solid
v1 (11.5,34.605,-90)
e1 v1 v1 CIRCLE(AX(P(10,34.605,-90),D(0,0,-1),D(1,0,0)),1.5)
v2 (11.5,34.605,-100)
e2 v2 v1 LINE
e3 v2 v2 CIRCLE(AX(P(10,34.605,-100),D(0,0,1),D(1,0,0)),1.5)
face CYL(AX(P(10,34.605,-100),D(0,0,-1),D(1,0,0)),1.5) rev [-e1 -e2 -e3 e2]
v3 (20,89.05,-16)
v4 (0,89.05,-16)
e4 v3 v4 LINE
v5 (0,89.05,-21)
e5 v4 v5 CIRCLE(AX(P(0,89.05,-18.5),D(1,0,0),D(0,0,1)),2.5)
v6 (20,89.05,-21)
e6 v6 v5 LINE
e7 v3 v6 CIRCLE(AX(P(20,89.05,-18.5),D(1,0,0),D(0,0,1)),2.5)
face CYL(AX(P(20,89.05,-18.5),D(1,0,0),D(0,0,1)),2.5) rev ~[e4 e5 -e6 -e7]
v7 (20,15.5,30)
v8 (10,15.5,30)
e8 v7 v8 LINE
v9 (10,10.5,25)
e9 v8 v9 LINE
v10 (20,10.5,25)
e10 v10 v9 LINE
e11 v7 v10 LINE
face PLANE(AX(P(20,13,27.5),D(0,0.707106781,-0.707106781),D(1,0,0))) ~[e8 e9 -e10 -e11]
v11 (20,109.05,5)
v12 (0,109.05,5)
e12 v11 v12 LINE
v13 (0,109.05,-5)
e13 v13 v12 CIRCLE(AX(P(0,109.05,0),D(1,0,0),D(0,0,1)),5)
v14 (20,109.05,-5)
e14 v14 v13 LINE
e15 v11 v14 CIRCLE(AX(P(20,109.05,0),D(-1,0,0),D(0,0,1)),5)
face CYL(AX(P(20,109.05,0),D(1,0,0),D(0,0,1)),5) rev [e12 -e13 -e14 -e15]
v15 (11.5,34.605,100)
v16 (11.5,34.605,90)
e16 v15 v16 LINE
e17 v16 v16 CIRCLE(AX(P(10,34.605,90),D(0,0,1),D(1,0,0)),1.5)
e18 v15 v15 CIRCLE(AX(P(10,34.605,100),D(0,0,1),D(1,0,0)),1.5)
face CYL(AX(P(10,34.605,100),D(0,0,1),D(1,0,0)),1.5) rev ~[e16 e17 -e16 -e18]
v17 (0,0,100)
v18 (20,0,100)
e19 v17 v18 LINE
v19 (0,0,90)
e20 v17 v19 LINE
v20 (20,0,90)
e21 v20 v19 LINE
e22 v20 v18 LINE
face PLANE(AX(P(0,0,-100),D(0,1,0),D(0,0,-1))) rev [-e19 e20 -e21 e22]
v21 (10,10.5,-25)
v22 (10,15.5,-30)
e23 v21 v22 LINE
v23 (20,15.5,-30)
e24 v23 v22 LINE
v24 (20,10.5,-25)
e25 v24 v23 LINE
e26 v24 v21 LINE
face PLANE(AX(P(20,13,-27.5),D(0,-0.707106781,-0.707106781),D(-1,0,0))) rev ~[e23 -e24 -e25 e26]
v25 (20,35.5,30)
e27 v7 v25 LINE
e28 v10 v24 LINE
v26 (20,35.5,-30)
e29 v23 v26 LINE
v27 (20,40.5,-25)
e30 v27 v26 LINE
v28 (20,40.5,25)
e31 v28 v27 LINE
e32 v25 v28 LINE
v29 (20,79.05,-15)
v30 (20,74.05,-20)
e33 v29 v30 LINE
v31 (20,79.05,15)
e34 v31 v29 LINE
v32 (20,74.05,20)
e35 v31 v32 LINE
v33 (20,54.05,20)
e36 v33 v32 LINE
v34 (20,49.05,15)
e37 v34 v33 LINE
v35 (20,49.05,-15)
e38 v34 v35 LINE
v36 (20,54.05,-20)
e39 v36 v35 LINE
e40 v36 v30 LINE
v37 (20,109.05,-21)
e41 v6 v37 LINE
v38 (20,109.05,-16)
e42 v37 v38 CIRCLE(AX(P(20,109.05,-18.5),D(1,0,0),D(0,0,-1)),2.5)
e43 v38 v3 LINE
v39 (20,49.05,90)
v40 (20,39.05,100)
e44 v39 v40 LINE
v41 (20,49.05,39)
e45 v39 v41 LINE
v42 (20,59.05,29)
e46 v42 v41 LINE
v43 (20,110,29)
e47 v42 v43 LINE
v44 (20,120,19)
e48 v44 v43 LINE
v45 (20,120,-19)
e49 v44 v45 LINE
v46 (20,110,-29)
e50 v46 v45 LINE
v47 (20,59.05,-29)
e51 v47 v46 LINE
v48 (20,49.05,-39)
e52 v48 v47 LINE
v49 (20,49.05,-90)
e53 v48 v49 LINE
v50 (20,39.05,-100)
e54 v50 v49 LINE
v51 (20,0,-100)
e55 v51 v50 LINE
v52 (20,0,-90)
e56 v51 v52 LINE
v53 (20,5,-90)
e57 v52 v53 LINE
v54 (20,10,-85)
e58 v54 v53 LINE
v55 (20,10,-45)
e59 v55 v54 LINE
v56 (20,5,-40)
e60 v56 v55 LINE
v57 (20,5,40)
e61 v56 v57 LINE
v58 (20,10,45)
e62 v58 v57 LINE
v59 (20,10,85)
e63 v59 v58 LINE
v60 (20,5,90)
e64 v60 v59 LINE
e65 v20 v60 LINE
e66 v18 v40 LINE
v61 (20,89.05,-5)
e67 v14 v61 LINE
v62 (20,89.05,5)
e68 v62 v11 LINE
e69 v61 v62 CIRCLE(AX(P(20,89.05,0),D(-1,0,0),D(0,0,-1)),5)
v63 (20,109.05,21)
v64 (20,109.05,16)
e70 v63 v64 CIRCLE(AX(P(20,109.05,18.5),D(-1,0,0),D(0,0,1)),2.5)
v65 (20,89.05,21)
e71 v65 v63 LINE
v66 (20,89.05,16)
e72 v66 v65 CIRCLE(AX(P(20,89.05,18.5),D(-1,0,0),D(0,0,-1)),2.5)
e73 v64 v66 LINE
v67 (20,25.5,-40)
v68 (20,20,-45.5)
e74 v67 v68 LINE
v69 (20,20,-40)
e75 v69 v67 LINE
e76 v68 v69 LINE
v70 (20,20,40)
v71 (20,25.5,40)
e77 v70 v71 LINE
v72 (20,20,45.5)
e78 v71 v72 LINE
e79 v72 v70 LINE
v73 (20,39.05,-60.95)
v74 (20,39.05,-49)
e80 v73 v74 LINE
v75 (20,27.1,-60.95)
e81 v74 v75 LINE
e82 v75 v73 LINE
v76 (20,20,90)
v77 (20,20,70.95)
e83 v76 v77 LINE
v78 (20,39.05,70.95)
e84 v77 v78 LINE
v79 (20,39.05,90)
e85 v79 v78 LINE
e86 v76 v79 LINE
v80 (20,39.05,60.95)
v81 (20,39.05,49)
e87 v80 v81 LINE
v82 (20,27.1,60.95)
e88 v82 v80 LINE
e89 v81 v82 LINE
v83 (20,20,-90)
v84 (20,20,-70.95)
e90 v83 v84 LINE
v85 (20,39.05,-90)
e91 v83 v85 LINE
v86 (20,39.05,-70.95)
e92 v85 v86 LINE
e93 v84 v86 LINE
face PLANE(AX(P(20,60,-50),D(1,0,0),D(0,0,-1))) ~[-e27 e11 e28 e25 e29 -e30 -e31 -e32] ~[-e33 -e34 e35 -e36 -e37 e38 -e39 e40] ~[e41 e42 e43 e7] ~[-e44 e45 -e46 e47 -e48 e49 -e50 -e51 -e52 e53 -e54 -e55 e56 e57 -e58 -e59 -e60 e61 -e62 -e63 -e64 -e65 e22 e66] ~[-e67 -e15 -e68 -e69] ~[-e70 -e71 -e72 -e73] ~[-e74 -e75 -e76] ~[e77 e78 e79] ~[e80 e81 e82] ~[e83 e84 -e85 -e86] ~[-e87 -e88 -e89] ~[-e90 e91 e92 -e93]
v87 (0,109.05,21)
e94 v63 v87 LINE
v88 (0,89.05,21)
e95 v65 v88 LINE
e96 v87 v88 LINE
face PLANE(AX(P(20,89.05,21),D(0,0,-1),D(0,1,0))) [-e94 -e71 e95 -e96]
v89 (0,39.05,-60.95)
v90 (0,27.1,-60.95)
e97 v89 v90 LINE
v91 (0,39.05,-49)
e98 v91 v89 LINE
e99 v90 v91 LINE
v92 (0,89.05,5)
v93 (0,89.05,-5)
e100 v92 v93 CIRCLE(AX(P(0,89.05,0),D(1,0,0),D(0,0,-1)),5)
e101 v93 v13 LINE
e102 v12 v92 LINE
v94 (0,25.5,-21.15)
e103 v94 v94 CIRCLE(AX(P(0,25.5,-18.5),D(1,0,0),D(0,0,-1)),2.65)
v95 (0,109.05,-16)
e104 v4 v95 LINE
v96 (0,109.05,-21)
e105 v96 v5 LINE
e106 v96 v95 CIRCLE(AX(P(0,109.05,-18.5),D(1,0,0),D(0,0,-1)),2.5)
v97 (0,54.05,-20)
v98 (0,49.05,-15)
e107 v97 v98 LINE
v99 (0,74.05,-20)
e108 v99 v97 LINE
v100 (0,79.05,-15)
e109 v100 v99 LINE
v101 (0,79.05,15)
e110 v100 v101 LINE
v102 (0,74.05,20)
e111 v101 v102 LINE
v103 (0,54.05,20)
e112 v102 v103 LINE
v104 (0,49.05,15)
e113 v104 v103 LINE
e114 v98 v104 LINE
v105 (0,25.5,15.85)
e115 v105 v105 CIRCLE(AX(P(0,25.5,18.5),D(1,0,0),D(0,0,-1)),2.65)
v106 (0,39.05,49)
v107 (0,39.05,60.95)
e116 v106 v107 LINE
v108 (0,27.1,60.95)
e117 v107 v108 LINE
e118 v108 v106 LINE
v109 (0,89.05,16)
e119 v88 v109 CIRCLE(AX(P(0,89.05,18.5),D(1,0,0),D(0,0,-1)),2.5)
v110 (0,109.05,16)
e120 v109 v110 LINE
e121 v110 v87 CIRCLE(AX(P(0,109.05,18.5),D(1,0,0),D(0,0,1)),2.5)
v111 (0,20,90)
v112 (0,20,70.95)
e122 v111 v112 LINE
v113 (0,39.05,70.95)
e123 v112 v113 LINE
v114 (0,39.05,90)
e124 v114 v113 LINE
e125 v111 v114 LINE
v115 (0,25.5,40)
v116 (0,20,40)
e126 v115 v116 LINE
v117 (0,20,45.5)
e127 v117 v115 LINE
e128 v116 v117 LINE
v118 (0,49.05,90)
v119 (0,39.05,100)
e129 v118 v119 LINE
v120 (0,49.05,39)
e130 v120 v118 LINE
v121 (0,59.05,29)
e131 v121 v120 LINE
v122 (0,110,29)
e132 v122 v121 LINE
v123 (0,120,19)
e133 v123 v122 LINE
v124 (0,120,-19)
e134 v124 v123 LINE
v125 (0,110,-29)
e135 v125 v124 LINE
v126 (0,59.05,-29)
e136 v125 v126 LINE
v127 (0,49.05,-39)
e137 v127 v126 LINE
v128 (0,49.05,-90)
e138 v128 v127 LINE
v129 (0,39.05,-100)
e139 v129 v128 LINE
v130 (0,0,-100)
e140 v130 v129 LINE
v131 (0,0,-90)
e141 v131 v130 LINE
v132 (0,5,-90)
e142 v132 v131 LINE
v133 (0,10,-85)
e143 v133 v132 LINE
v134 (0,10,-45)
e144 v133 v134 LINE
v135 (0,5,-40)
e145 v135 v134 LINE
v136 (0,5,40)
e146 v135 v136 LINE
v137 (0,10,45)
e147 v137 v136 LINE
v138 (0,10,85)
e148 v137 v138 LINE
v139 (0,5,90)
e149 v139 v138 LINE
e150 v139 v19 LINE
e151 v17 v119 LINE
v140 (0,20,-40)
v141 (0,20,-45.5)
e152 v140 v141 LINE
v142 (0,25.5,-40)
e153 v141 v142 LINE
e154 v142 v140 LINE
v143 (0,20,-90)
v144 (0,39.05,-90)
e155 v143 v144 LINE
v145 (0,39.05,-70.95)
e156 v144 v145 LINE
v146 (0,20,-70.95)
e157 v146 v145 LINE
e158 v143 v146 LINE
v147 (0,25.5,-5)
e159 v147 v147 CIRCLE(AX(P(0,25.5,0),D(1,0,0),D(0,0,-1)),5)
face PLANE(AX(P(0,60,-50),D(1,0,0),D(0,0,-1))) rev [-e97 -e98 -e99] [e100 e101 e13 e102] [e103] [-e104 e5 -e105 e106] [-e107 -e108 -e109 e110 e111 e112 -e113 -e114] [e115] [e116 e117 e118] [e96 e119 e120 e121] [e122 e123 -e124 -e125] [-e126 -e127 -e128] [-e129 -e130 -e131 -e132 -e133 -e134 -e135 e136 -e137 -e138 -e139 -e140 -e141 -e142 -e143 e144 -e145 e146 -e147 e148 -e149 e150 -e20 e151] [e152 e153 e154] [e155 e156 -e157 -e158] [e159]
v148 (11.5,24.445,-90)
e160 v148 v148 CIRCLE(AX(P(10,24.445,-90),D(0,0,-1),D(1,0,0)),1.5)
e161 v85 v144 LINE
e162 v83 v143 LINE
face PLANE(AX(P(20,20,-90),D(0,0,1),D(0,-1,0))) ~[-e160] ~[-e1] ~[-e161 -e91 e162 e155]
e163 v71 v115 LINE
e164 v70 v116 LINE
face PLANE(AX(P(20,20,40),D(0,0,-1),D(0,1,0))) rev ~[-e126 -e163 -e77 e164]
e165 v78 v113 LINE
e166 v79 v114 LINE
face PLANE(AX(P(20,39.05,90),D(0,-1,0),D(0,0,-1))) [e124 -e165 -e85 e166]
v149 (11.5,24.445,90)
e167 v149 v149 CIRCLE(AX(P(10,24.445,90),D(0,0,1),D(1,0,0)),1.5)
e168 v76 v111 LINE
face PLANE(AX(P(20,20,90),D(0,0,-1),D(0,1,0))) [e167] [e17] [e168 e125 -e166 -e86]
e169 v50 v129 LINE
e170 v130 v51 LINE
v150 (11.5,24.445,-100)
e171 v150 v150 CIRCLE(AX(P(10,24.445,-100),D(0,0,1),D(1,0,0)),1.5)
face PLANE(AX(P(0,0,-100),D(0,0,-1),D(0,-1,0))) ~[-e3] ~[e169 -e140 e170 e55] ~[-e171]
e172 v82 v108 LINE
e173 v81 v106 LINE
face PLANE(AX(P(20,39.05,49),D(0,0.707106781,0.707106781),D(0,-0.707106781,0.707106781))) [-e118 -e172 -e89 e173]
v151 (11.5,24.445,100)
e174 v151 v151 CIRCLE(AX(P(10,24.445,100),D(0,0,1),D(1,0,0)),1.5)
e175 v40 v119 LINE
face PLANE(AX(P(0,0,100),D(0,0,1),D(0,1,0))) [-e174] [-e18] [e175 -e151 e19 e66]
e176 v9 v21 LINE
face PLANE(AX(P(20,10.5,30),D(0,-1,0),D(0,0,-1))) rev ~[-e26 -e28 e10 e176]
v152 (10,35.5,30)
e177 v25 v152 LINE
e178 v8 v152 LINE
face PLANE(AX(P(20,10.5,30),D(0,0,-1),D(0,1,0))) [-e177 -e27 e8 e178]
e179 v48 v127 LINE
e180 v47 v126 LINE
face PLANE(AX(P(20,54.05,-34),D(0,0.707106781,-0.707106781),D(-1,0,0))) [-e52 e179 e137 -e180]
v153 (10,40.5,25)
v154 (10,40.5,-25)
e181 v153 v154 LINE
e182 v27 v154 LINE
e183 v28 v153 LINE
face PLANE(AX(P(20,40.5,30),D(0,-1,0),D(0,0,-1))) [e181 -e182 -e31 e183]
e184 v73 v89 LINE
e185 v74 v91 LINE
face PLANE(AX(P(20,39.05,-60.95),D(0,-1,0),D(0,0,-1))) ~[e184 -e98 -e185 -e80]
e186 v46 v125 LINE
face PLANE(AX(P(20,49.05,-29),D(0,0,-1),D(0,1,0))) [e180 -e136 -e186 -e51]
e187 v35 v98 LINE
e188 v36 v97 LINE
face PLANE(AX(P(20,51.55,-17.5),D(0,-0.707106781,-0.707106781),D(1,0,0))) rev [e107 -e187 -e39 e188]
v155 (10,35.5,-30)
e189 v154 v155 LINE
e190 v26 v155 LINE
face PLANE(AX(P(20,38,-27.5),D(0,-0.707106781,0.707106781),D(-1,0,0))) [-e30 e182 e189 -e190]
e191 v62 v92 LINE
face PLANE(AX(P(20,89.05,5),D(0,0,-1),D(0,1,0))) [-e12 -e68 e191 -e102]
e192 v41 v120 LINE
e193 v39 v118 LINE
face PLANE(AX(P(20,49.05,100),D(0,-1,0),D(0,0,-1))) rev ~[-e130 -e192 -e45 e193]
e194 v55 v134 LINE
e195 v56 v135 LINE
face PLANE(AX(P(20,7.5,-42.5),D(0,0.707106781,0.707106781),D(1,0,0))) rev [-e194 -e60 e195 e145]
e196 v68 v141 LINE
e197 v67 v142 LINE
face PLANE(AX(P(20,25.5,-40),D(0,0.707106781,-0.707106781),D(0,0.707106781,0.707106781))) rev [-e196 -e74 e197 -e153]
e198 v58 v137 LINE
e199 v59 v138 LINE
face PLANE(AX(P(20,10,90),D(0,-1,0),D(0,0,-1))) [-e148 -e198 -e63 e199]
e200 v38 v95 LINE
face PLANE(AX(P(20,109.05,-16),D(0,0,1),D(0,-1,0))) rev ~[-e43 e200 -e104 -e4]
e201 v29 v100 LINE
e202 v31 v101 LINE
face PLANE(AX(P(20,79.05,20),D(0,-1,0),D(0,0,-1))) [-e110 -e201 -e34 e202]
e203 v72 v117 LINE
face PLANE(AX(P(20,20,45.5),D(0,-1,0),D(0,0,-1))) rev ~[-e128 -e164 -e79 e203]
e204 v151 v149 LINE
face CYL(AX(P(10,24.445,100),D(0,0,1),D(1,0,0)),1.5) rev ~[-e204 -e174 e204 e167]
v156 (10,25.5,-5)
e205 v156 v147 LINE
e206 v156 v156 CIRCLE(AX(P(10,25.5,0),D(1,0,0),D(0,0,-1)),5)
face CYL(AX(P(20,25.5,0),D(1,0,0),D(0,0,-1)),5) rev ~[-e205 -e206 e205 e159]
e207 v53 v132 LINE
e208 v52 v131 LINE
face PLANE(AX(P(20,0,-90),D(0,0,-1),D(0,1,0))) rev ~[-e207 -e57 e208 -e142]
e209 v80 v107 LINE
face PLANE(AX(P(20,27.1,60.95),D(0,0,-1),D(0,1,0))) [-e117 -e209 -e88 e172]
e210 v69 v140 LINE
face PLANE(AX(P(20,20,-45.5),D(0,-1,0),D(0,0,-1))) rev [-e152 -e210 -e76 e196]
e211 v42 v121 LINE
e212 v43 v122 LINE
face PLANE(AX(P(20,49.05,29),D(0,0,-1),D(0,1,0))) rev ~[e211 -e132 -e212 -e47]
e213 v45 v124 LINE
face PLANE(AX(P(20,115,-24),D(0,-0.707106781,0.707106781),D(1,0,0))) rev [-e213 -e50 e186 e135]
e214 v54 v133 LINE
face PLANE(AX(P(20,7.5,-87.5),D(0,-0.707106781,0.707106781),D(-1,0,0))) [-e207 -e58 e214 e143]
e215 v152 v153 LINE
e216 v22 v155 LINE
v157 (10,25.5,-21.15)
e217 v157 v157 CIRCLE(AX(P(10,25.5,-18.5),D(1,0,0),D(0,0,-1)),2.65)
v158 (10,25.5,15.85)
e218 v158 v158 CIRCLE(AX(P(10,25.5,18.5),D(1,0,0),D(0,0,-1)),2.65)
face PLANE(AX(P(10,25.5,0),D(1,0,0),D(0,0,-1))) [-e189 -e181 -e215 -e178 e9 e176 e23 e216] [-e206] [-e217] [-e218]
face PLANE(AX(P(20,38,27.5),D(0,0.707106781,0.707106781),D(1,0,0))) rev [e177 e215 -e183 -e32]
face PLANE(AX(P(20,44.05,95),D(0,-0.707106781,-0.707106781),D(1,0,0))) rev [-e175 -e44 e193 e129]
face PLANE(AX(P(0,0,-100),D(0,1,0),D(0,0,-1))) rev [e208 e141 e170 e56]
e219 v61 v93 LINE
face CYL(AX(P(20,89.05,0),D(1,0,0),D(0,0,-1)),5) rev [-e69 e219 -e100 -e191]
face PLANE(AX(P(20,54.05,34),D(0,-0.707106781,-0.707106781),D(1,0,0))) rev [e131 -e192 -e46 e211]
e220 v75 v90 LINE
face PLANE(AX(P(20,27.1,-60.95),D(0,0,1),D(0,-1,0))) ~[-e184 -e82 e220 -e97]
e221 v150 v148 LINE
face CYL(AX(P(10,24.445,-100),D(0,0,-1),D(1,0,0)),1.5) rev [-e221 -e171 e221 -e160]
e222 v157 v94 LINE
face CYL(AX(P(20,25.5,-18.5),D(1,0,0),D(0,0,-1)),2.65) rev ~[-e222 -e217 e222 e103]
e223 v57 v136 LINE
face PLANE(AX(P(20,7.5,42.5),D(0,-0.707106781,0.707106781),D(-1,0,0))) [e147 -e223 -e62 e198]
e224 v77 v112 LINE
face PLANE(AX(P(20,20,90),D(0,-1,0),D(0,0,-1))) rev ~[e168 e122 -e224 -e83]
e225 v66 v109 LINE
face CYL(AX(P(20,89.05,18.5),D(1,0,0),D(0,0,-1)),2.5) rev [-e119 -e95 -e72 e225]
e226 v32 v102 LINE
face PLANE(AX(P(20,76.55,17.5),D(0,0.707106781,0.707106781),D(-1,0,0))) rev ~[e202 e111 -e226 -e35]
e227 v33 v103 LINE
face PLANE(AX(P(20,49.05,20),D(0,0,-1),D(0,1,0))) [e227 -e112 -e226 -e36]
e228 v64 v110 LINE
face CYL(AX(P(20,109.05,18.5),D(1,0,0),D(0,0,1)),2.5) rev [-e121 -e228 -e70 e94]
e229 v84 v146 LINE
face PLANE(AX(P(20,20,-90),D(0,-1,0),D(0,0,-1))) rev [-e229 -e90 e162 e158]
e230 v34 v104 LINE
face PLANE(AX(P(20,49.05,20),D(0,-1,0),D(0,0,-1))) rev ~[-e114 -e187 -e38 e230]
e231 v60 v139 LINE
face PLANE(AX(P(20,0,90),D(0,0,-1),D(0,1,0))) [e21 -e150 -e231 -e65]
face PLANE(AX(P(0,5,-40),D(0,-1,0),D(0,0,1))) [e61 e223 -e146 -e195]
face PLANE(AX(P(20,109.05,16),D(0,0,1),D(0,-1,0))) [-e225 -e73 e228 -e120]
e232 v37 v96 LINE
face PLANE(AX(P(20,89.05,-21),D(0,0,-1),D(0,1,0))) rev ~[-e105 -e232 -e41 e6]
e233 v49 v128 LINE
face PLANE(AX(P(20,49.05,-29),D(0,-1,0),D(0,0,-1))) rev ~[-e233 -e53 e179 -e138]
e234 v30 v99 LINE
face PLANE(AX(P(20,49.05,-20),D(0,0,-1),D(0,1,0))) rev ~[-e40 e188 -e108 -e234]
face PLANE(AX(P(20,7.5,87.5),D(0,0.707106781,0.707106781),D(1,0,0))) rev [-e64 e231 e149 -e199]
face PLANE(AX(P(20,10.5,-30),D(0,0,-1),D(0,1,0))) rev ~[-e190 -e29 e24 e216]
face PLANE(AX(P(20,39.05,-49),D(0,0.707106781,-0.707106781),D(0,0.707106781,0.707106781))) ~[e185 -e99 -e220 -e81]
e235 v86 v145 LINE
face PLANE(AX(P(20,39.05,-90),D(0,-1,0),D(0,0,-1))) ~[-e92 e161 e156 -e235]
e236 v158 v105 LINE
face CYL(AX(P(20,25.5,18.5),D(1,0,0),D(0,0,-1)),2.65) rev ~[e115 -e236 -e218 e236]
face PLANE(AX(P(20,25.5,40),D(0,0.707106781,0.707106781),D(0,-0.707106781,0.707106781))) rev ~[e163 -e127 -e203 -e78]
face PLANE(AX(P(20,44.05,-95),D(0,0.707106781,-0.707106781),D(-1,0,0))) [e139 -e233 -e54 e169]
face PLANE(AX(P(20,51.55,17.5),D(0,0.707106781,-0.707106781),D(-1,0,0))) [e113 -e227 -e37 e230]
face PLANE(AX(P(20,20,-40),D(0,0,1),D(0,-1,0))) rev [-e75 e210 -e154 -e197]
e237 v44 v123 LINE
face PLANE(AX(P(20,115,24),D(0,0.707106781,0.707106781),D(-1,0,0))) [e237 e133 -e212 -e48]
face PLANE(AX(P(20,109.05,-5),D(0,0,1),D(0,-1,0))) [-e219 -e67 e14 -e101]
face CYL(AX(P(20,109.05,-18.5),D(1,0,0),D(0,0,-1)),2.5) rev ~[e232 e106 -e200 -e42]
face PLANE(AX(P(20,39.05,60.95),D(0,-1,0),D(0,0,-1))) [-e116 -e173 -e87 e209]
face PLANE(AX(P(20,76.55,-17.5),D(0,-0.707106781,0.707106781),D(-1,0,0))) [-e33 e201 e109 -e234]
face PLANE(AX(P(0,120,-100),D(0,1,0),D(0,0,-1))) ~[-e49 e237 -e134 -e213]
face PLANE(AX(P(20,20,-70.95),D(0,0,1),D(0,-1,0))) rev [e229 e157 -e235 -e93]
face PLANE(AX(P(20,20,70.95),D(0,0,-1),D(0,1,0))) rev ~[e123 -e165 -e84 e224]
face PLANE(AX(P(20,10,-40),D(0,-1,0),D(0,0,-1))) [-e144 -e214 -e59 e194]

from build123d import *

# Parameters (mm, degrees)
SKETCH1_W           = 100
SKETCH1_H           = 120
BOSS_EXTRUDE1_DEPTH = 20
SKETCH2_W           = 19.05
SKETCH2_H           = 19.05
CUT_EXTRUDE1_DEPTH  = 20
SKETCH3_R           = 1.5
CUT_EXTRUDE2_DEPTH  = 20
SKETCH5_R           = 5
SKETCH5_R_2         = 2.65
CUT_EXTRUDE3_DEPTH  = 21
SKETCH6_W           = 60
SKETCH6_H           = 30
CUT_EXTRUDE4_DEPTH  = 10
CUT_EXTRUDE5_DEPTH  = 21
SKETCH8_W           = 71
SKETCH8_H           = 70.95
CUT_EXTRUDE6_DEPTH  = 21
CHAMFER1_SIZE       = 10
SKETCH9_W           = 50
SKETCH9_H           = 10
SKETCH9_W_2         = 40
SKETCH9_H_2         = 30
CUT_EXTRUDE7_DEPTH  = 21
CHAMFER2_SIZE       = 5
CUT_EXTRUDE8_DEPTH  = 21
SKETCH12_W          = 80
SKETCH12_H          = 5
CUT_EXTRUDE9_DEPTH  = 21


with BuildPart() as part:
    # Sketch1 → Boss-Extrude1 (new body)
    with BuildSketch(Plane(origin=(0, 0, 0), x_dir=(0, 0, -1), z_dir=(1, 0, 0))):
        with Locations((-50, 60)):
            Rectangle(SKETCH1_W, SKETCH1_H)
    boss_extrude1 = extrude(amount=BOSS_EXTRUDE1_DEPTH)

    # Sketch2 → Cut-Extrude1 (cut)
    with BuildSketch(Plane(origin=(20, 0, 0), x_dir=(0, 0, -1), z_dir=(1, 0, 0))):
        with Locations((-80.475, 29.525)):
            Rectangle(SKETCH2_W, SKETCH2_H)
    cut_extrude1 = extrude(amount=-CUT_EXTRUDE1_DEPTH, mode=Mode.SUBTRACT)

    # Sketch3 → Cut-Extrude2 (cut)
    with BuildSketch(Plane.XY.offset(100)):
        with Locations((10, 34.605)):
            Circle(SKETCH3_R)
        with Locations((10, 24.445)):
            Circle(SKETCH3_R)
    cut_extrude2 = extrude(amount=-CUT_EXTRUDE2_DEPTH, mode=Mode.SUBTRACT)

    # Mirror1: Boss-Extrude1, Cut-Extrude1, Cut-Extrude2 across plane
    add(boss_extrude1.mirror(Plane(origin=(20, 0, 0), x_dir=(1, 0, 0), z_dir=(0, 0, 1))))
    add(cut_extrude1.mirror(Plane(origin=(20, 0, 0), x_dir=(1, 0, 0), z_dir=(0, 0, 1))), mode=Mode.SUBTRACT)
    add(cut_extrude2.mirror(Plane(origin=(20, 0, 0), x_dir=(1, 0, 0), z_dir=(0, 0, 1))), mode=Mode.SUBTRACT)

    # Sketch5 → Cut-Extrude3 (cut, through all)
    with BuildSketch(Plane(origin=(20, 0, 0), x_dir=(0, 0, -1), z_dir=(1, 0, 0))):
        with Locations((0, 25.5)):
            Circle(SKETCH5_R)
        with Locations((-18.5, 25.5)):
            Circle(SKETCH5_R_2)
        with Locations((18.5, 25.5)):
            Circle(SKETCH5_R_2)
    extrude(amount=-CUT_EXTRUDE3_DEPTH, mode=Mode.SUBTRACT)

    # Sketch6 → Cut-Extrude4 (cut)
    with BuildSketch(Plane(origin=(20, 0, 0), x_dir=(0, 0, -1), z_dir=(1, 0, 0))):
        with Locations((0, 25.5)):
            Rectangle(SKETCH6_W, SKETCH6_H)
    extrude(amount=-CUT_EXTRUDE4_DEPTH, mode=Mode.SUBTRACT)

    # Sketch7 → Cut-Extrude5 (cut, through all)
    with BuildSketch(Plane(origin=(20, 0, 0), x_dir=(0, 0, -1), z_dir=(1, 0, 0))):
        with BuildLine():
            Line((5, 109.05), (5, 89.05))
            ThreePointArc((5, 89.05), (0, 84.05), (-5, 89.05))
            Line((-5, 89.05), (-5, 109.05))
            ThreePointArc((-5, 109.05), (0, 114.05), (5, 109.05))
        make_face()
        with BuildLine():
            Line((-16, 109.05), (-16, 89.05))
            ThreePointArc((-16, 89.05), (-18.5, 86.55), (-21, 89.05))
            Line((-21, 89.05), (-21, 109.05))
            ThreePointArc((-21, 109.05), (-18.5, 111.55), (-16, 109.05))
        make_face()
        with BuildLine():
            Line((16, 109.05), (16, 89.05))
            ThreePointArc((16, 89.05), (18.5, 86.55), (21, 89.05))
            Line((21, 89.05), (21, 109.05))
            ThreePointArc((21, 109.05), (18.5, 111.55), (16, 109.05))
        make_face()
    extrude(amount=-CUT_EXTRUDE5_DEPTH, mode=Mode.SUBTRACT)

    # Sketch8 → Cut-Extrude6 (cut, through all)
    with BuildSketch(Plane(origin=(20, 0, 0), x_dir=(0, 0, -1), z_dir=(1, 0, 0))):
        with Locations((-64.5, 84.525)):
            Rectangle(SKETCH8_W, SKETCH8_H)
        with Locations((64.5, 84.525)):
            Rectangle(SKETCH8_W, SKETCH8_H)
    extrude(amount=-CUT_EXTRUDE6_DEPTH, mode=Mode.SUBTRACT)

    # Chamfer1
    chamfer1_edges = [part.edges().sort_by_distance(p)[0] for p in [
        (10, 49.05, 100),
        (10, 120, 29),
        (10, 49.05, 29),
        (10, 120, -29),
        (10, 49.05, -100),
        (10, 49.05, -29),
    ]]
    chamfer(chamfer1_edges, length=CHAMFER1_SIZE)

    # Sketch9 → Cut-Extrude7 (cut, through all)
    with BuildSketch(Plane(origin=(20, 0, 0), x_dir=(0, 0, -1), z_dir=(1, 0, 0))):
        with Locations((-65, 5)):
            Rectangle(SKETCH9_W, SKETCH9_H)
        with Locations((65, 5)):
            Rectangle(SKETCH9_W, SKETCH9_H)
        with Locations((0, 64.05)):
            Rectangle(SKETCH9_W_2, SKETCH9_H_2)
    extrude(amount=-CUT_EXTRUDE7_DEPTH, mode=Mode.SUBTRACT)

    # Chamfer2
    chamfer2_edges = [part.edges().sort_by_distance(p)[0] for p in [
        (10, 10, 90),
        (10, 10, 40),
        (10, 10, -40),
        (10, 10, -90),
        (10, 49.05, 20),
        (10, 79.05, 20),
        (10, 79.05, -20),
        (10, 49.05, -20),
        (15, 10.5, 30),
        (15, 40.5, 30),
        (15, 40.5, -30),
        (15, 10.5, -30),
    ]]
    chamfer(chamfer2_edges, length=CHAMFER2_SIZE)

    # Sketch11 → Cut-Extrude8 (cut, through all)
    with BuildSketch(Plane(origin=(20, 0, 0), x_dir=(0, 0, -1), z_dir=(1, 0, 0))):
        Polygon((-40, 25.5), (-45.5, 20), (-40, 20), align=None)
        Polygon((-49, 39.05), (-60.95, 27.1), (-60.95, 39.05), align=None)
    cut_extrude8 = extrude(amount=-CUT_EXTRUDE8_DEPTH, mode=Mode.SUBTRACT)

    # Mirror2: Cut-Extrude8 across plane
    add(cut_extrude8.mirror(Plane.XY), mode=Mode.SUBTRACT)

    # Sketch12 → Cut-Extrude9 (cut, through all)
    with BuildSketch(Plane.ZY):
        with Locations((0, 2.5)):
            Rectangle(SKETCH12_W, SKETCH12_H)
    extrude(amount=-CUT_EXTRUDE9_DEPTH, mode=Mode.SUBTRACT)


solid = part.part
